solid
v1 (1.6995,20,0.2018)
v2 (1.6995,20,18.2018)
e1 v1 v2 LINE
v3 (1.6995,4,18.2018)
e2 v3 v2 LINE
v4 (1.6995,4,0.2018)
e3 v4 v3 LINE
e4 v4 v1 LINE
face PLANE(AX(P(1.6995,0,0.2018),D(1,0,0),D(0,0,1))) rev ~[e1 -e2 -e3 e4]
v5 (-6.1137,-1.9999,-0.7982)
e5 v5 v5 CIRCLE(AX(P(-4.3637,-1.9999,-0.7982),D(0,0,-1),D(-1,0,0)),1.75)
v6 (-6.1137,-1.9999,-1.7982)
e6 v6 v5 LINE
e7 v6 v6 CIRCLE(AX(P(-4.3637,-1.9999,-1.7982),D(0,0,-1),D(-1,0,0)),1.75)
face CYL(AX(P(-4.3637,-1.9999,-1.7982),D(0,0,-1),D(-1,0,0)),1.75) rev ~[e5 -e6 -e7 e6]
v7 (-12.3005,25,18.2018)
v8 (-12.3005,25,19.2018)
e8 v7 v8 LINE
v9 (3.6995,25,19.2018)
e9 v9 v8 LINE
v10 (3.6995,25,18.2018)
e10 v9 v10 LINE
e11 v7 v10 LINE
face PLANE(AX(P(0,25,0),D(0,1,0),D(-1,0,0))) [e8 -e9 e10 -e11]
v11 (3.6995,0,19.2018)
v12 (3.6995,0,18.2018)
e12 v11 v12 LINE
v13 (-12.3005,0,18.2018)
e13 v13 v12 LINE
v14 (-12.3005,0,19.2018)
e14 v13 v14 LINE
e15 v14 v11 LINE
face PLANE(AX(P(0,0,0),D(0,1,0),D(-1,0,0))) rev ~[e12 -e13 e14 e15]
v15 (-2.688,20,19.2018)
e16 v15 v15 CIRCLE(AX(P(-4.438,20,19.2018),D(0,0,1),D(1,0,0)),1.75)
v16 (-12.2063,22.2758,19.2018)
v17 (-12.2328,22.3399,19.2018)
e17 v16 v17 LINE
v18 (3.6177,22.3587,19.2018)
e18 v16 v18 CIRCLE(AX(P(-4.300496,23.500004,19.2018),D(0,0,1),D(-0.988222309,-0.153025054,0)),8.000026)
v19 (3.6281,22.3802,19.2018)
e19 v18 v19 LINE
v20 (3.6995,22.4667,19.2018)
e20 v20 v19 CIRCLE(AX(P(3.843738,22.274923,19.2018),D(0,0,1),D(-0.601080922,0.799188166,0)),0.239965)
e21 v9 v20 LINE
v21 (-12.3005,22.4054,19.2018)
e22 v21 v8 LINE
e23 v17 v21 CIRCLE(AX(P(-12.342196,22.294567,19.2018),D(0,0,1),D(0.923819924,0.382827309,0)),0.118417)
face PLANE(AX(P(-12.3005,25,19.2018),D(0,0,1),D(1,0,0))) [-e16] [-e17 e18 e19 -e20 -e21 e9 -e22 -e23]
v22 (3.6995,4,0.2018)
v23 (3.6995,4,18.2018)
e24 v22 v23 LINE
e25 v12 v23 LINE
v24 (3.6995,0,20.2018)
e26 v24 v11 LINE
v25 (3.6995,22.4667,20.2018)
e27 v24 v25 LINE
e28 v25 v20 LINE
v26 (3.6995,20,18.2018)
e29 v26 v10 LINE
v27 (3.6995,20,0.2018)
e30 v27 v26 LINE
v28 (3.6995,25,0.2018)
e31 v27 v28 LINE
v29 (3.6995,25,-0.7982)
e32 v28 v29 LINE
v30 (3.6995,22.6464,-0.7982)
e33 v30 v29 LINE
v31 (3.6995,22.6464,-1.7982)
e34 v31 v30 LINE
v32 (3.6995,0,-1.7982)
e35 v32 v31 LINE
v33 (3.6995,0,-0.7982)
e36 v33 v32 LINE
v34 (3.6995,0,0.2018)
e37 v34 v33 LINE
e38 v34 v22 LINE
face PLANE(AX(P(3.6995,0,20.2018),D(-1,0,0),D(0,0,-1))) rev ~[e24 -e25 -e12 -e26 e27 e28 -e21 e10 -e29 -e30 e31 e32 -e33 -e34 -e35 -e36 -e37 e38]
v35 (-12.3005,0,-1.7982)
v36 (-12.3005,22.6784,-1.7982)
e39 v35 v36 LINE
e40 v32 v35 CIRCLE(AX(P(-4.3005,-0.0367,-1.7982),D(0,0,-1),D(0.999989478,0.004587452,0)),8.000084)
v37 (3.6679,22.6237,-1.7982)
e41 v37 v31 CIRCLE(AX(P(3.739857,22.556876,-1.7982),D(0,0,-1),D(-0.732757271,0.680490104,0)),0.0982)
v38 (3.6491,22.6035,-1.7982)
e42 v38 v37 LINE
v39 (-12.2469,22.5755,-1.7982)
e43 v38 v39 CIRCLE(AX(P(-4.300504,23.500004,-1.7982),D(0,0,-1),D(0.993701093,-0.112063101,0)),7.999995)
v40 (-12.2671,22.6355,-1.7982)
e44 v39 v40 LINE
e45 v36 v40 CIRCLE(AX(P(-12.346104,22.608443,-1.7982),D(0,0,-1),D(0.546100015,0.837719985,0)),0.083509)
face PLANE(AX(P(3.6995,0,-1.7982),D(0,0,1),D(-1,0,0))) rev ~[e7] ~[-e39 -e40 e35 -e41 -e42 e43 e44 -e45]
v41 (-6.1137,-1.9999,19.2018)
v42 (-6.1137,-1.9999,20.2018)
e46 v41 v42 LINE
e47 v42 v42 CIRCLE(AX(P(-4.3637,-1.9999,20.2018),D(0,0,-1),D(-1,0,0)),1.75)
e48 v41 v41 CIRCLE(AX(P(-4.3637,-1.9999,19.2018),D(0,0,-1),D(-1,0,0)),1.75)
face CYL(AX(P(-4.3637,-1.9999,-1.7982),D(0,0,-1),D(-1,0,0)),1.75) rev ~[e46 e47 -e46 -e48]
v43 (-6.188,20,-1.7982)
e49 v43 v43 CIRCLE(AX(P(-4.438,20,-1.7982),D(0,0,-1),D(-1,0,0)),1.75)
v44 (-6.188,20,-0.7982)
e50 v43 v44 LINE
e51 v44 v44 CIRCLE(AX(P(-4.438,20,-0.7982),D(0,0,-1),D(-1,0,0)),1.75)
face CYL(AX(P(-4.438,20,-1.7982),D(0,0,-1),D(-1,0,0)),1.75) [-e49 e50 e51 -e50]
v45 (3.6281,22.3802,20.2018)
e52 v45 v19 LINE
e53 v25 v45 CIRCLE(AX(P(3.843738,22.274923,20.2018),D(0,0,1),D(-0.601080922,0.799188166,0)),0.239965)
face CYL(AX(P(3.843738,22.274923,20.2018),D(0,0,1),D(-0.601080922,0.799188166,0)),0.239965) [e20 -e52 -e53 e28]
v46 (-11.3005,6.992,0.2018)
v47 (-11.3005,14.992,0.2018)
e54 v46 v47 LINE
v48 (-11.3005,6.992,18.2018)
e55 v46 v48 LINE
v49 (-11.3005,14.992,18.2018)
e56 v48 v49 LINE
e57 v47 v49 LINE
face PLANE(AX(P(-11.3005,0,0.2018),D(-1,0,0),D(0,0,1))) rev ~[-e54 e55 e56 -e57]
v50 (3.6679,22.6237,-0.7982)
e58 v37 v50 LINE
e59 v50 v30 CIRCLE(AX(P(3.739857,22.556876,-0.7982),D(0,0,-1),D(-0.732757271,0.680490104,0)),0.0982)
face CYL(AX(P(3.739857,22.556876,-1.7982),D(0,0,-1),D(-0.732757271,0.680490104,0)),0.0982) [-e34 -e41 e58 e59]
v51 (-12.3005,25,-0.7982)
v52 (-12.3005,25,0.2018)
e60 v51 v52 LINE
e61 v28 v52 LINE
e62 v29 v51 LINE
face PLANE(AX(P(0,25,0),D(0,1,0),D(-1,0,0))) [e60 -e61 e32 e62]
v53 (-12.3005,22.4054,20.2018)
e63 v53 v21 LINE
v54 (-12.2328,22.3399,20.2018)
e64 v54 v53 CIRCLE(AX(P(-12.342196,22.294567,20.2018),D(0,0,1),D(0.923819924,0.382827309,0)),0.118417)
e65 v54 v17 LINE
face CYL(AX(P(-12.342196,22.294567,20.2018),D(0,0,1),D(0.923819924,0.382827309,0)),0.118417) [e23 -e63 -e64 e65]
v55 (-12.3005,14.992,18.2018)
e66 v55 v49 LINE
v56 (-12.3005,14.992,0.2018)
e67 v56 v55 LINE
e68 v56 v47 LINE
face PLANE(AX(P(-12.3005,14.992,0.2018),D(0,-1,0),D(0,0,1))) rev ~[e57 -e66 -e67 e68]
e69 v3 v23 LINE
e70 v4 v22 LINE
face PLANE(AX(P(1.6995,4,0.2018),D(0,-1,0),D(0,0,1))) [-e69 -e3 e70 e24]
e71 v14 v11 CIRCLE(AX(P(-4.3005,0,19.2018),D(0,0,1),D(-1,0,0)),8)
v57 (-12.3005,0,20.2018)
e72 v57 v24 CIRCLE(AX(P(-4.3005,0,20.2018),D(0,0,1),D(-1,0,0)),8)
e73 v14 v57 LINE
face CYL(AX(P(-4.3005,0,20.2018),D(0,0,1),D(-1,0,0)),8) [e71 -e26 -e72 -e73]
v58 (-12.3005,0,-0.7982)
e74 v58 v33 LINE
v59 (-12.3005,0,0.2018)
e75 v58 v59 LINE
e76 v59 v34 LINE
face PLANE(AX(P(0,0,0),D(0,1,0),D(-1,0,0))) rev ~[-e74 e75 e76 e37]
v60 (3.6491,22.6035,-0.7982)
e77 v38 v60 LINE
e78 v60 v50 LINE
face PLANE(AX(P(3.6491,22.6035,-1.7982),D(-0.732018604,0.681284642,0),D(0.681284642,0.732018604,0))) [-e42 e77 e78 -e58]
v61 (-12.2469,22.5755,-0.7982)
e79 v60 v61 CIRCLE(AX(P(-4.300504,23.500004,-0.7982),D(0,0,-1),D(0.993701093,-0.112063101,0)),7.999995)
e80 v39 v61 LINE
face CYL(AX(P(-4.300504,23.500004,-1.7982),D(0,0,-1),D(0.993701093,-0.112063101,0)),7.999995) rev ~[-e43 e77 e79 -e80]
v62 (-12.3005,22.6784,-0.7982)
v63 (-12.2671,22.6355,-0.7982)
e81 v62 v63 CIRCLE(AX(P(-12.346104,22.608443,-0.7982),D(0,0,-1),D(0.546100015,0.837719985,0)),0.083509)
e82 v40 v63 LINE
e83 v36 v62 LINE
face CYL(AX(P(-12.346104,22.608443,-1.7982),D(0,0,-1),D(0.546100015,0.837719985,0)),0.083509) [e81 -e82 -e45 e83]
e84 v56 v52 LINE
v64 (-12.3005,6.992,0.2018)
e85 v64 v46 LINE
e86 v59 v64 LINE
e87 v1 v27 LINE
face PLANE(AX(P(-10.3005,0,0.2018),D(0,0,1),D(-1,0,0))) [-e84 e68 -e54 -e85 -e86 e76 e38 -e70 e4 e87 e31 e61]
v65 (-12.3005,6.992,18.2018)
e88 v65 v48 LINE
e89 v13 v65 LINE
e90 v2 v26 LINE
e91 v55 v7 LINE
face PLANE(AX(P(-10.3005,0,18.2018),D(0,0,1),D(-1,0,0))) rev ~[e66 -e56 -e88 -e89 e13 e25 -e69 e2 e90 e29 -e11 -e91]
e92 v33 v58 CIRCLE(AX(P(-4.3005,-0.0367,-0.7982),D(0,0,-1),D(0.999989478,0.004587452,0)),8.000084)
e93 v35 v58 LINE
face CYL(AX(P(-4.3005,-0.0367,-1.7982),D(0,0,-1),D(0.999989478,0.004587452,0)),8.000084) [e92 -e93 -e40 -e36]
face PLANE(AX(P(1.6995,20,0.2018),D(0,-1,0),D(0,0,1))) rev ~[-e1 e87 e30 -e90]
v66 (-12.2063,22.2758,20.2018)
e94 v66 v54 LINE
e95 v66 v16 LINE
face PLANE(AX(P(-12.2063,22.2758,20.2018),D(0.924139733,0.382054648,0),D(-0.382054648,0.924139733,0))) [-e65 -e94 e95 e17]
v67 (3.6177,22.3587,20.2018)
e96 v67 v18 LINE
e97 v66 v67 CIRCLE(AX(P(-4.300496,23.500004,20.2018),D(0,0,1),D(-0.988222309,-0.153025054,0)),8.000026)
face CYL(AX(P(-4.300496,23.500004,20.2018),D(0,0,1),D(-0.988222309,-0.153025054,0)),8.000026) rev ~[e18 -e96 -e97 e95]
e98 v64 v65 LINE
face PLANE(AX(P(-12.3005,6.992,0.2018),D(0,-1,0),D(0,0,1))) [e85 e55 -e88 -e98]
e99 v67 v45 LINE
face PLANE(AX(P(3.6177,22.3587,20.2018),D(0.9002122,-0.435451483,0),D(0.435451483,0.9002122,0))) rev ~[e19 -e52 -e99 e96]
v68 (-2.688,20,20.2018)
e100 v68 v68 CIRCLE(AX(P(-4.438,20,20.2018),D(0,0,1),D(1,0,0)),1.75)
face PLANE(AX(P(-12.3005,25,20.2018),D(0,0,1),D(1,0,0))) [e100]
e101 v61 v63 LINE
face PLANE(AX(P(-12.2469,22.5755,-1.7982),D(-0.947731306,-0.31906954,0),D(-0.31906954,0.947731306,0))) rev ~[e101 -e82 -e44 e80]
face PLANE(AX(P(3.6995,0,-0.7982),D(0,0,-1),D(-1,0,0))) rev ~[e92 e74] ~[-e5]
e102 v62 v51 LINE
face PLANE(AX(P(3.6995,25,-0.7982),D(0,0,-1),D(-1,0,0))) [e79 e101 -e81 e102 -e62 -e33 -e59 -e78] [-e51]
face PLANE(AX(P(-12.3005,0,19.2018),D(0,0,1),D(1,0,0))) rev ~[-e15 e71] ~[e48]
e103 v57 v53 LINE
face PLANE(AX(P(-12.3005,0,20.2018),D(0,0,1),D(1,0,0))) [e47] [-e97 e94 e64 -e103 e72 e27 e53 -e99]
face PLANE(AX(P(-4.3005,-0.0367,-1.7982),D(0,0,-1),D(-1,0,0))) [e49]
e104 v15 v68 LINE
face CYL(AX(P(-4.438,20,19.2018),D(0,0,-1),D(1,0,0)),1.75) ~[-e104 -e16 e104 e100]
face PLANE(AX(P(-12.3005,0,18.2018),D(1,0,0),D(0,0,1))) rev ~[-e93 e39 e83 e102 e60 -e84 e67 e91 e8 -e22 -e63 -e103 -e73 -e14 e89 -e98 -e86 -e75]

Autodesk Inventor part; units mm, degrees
ref_plane "YZ Plane" through (0, 0, 0) normal (1, 0, 0) x (0, 1, 0)
ref_plane "XZ Plane" through (0, 0, 0) normal (0, 1, 0) x (-1, 0, 0)
ref_plane "XY Plane" through (0, 0, 0) normal (0, 0, 1) x (1, 0, 0)
sketch "Boceto1" plane through (0, 0, 0) normal (0, 1, 0) x (-1, 0, 0)
  line L0 (10.3005, 0.2018) -> (-1.6995, 0.2018)
  line L1 (-1.6995, 0.2018) -> (-1.6995, 18.2018)
  line L2 (-1.6995, 18.2018) -> (10.3005, 18.2018)
  line L3 (12.3005, 20.2018) -> (-3.6995, 20.2018)
  line L4 (-3.6995, 20.2018) -> (-3.6995, -1.7982)
  line L5 (-3.6995, -1.7982) -> (12.3005, -1.7982)
  line L6 (10.3005, 18.2018) -> (12.3005, 18.2018)
  line L7 (10.3005, 0.2018) -> (12.3005, 0.2018)
  line L8 (12.3005, -1.7982) -> (12.3005, 0.2018)
  line L9 (12.3005, 18.2018) -> (12.3005, 20.2018)
  point P0 (0, 0)
  dimension "d0" = 18
  dimension "d1" = 12
extrude "Extrusión1" add sketch "Boceto1" along normal blind 25
sketch "Boceto2" plane through (-12.3005, 0, 20.2018) normal (0, 0, 1) x (1, 0, 0)
  line L0 (16, 0) -> (16, 25) projected
  line L1 (0, 0) -> (14, 0) projected
  arc A0 (0, 0) -> (16, 0) centre (8, 0) ccw
  line L2 (0, 0) -> (16, 0)
sketch "Boceto3" plane through (3.6995, 0, -1.7982) normal (0, 0, -1) x (-1, 0, 0)
  line L0 (0, 0) -> (0, 25) projected
  line L1 (16, 0) -> (16, 25) projected
  arc A0 (0, 0) -> (16, 0) centre (8, -0.0367) ccw
  line L2 (16, 0) -> (0, 0)
  line L3 (16, 0) -> (2, 0) projected
  point P0 (3.6995, 0)
extrude "Extrusión2" add sketch "Boceto3" against normal blind 1
extrude "Extrusión3" add sketch "Boceto2" against normal blind 1
sketch "Boceto5" plane through (3.6995, 25, -1.7982) normal (0, 0, -1) x (-1, 0, 0)
  line L0 (0, 0) -> (16, 0) projected
  line L1 (16, -25) -> (16, 0) projected
  line L2 (16, 0) -> (0, 0)
  line L3 (16, 0) -> (16, -1.5)
  line L4 (16, 0) -> (0, 0)
  line L5 (0, -25) -> (0, 0) projected
  line L6 (0, 0) -> (0, -1.5)
  arc A0 (0.0504, -2.3965) -> (15.9464, -2.4245) centre (8, -1.5) ccw
  line L7 (15.9464, -2.4245) -> (15.9666, -2.3645)
  arc A1 (16, -2.3216) -> (15.9666, -2.3645) centre (16.045, -2.3909) ccw
  line L8 (0.0504, -2.3965) -> (0.0316, -2.3763)
  arc A2 (0.0316, -2.3763) -> (0, -2.3536) centre (-0.0406, -2.4434) ccw
  line L9 (16, -2.3216) -> (16, -1.5)
  line L10 (0, -1.5) -> (0, -2.3536)
  point P0 (3.6995, -25)
  dimension "d13" = 1.5
sketch "Boceto6" plane through (-12.3005, 25, 20.2018) normal (0, 0, 1) x (1, 0, 0)
  line L0 (16, 0) -> (0, 0) projected
  line L1 (16, -25) -> (16, 0) projected
  line L2 (0, 0) -> (16, 0)
  line L3 (0, 0) -> (0, -1.5)
  line L4 (0, -25) -> (0, 0) projected
  arc A0 (0.0942, -2.7242) -> (15.9182, -2.6413) centre (8, -1.5) ccw
  line L5 (16, -1.5) -> (16, 0)
  line L6 (15.9182, -2.6413) -> (15.9286, -2.6198)
  arc A1 (16, -2.5333) -> (15.9286, -2.6198) centre (16.1434, -2.7242) ccw
  line L7 (0.0942, -2.7242) -> (0.0677, -2.6601)
  arc A2 (0.0677, -2.6601) -> (0, -2.5946) centre (-0.0415, -2.7053) ccw
  line L8 (16, -2.5333) -> (16, 0)
  line L9 (0, -2.5946) -> (0, 0)
  point P0 (12.3005, -25)
  dimension "d10" = 1.5
extrude "Extrusión4" cut sketch "Boceto6" against normal blind 1
extrude "Extrusión5" cut sketch "Boceto5" against normal blind 1
sketch "Boceto8" plane through (-4.3005, -0.0367, -1.7982) normal (0, 0, -1) x (-1, 0, 0)
  circle A0 centre (0.1375, 20.0367) radius 1.75
  circle A1 centre (0.0632, -1.9632) radius 1.75
  line L0 (-8, 25.0367) -> (8, 25.0367) projected
  point P0 (-4.3005, 0.0367)
  dimension "d19" = 3.5
  dimension "d20" = 3.5
  dimension "d21" = 22
  dimension "d22" = 5
extrude "Extrusión6" add sketch "Boceto8" against normal blind 1 contours A0
extrude "Extrusión7" cut sketch "Boceto8" against normal blind 30 contours A1
sketch "Boceto9" plane through (-12.3005, 25, 19.2018) normal (0, 0, 1) x (1, 0, 0)
  circle A0 centre (7.8625, -5) radius 1.75 projected
  circle A1 centre (7.8625, -5) radius 1.75
  point P0 (12.3005, -25)
extrude "Extrusión8" add sketch "Boceto9" along normal blind 1
sketch "Boceto10" plane through (-12.3005, 0, 0.2018) normal (-1, 0, 0) x (0, 0, 1)
  line L0 (-2, 0) -> (-2, 22.6784) projected
  line L1 (20, 0) -> (20, 22.4054) projected
  line L2 (0, 14.992) -> (18, 14.992)
  line L3 (0, 6.992) -> (18, 6.992)
  line L4 (0, 0) -> (0, 25) projected
  line L5 (0, 6.992) -> (0, 14.992)
  line L6 (18, 0) -> (18, 25) projected
  line L7 (18, 6.992) -> (18, 14.992)
  point P0 (-0.2018, 0)
  dimension "d32" = 8
extrude "Extrusión9" add sketch "Boceto10" against normal blind 1
sketch "Boceto11" plane through (3.6995, 0, -0.7982) normal (1, 0, 0) x (0, 0, -1)
  point P0 (-0.7982, 0)
sketch "Boceto12" plane through (1.6995, 0, 0.2018) normal (-1, 0, 0) x (0, 0, 1)
  line L0 (0, 14.992) -> (0, 25) projected
  line L1 (0, 25) -> (0, 20)
  line L2 (0, 20) -> (18, 20)
  line L3 (18, 14.992) -> (18, 25) projected
  line L4 (18, 25) -> (0, 25)
  line L5 (19, 25) -> (-1, 25) projected
  line L6 (18, 25) -> (18, 20)
  line L7 (-1, 0) -> (0, 0) projected
  line L8 (0, 0) -> (0, 4)
  line L9 (0, 0) -> (0, 25) projected
  line L10 (0, 4) -> (18, 4)
  line L11 (18, 0) -> (18, 25) projected
  line L12 (0, 0) -> (18, 0) projected
  line L13 (18, 4) -> (18, 0)
  line L14 (18, 0) -> (0, 0)
  point P0 (-0.2018, 0)
  dimension "d35" = 5
  dimension "d36" = 4
extrude "Extrusión10" cut sketch "Boceto12" against normal blind 2 contours L0 L4 L3 L2 | L10 L11 L12 L8
properties part number "Eslabon cadena portacable"
